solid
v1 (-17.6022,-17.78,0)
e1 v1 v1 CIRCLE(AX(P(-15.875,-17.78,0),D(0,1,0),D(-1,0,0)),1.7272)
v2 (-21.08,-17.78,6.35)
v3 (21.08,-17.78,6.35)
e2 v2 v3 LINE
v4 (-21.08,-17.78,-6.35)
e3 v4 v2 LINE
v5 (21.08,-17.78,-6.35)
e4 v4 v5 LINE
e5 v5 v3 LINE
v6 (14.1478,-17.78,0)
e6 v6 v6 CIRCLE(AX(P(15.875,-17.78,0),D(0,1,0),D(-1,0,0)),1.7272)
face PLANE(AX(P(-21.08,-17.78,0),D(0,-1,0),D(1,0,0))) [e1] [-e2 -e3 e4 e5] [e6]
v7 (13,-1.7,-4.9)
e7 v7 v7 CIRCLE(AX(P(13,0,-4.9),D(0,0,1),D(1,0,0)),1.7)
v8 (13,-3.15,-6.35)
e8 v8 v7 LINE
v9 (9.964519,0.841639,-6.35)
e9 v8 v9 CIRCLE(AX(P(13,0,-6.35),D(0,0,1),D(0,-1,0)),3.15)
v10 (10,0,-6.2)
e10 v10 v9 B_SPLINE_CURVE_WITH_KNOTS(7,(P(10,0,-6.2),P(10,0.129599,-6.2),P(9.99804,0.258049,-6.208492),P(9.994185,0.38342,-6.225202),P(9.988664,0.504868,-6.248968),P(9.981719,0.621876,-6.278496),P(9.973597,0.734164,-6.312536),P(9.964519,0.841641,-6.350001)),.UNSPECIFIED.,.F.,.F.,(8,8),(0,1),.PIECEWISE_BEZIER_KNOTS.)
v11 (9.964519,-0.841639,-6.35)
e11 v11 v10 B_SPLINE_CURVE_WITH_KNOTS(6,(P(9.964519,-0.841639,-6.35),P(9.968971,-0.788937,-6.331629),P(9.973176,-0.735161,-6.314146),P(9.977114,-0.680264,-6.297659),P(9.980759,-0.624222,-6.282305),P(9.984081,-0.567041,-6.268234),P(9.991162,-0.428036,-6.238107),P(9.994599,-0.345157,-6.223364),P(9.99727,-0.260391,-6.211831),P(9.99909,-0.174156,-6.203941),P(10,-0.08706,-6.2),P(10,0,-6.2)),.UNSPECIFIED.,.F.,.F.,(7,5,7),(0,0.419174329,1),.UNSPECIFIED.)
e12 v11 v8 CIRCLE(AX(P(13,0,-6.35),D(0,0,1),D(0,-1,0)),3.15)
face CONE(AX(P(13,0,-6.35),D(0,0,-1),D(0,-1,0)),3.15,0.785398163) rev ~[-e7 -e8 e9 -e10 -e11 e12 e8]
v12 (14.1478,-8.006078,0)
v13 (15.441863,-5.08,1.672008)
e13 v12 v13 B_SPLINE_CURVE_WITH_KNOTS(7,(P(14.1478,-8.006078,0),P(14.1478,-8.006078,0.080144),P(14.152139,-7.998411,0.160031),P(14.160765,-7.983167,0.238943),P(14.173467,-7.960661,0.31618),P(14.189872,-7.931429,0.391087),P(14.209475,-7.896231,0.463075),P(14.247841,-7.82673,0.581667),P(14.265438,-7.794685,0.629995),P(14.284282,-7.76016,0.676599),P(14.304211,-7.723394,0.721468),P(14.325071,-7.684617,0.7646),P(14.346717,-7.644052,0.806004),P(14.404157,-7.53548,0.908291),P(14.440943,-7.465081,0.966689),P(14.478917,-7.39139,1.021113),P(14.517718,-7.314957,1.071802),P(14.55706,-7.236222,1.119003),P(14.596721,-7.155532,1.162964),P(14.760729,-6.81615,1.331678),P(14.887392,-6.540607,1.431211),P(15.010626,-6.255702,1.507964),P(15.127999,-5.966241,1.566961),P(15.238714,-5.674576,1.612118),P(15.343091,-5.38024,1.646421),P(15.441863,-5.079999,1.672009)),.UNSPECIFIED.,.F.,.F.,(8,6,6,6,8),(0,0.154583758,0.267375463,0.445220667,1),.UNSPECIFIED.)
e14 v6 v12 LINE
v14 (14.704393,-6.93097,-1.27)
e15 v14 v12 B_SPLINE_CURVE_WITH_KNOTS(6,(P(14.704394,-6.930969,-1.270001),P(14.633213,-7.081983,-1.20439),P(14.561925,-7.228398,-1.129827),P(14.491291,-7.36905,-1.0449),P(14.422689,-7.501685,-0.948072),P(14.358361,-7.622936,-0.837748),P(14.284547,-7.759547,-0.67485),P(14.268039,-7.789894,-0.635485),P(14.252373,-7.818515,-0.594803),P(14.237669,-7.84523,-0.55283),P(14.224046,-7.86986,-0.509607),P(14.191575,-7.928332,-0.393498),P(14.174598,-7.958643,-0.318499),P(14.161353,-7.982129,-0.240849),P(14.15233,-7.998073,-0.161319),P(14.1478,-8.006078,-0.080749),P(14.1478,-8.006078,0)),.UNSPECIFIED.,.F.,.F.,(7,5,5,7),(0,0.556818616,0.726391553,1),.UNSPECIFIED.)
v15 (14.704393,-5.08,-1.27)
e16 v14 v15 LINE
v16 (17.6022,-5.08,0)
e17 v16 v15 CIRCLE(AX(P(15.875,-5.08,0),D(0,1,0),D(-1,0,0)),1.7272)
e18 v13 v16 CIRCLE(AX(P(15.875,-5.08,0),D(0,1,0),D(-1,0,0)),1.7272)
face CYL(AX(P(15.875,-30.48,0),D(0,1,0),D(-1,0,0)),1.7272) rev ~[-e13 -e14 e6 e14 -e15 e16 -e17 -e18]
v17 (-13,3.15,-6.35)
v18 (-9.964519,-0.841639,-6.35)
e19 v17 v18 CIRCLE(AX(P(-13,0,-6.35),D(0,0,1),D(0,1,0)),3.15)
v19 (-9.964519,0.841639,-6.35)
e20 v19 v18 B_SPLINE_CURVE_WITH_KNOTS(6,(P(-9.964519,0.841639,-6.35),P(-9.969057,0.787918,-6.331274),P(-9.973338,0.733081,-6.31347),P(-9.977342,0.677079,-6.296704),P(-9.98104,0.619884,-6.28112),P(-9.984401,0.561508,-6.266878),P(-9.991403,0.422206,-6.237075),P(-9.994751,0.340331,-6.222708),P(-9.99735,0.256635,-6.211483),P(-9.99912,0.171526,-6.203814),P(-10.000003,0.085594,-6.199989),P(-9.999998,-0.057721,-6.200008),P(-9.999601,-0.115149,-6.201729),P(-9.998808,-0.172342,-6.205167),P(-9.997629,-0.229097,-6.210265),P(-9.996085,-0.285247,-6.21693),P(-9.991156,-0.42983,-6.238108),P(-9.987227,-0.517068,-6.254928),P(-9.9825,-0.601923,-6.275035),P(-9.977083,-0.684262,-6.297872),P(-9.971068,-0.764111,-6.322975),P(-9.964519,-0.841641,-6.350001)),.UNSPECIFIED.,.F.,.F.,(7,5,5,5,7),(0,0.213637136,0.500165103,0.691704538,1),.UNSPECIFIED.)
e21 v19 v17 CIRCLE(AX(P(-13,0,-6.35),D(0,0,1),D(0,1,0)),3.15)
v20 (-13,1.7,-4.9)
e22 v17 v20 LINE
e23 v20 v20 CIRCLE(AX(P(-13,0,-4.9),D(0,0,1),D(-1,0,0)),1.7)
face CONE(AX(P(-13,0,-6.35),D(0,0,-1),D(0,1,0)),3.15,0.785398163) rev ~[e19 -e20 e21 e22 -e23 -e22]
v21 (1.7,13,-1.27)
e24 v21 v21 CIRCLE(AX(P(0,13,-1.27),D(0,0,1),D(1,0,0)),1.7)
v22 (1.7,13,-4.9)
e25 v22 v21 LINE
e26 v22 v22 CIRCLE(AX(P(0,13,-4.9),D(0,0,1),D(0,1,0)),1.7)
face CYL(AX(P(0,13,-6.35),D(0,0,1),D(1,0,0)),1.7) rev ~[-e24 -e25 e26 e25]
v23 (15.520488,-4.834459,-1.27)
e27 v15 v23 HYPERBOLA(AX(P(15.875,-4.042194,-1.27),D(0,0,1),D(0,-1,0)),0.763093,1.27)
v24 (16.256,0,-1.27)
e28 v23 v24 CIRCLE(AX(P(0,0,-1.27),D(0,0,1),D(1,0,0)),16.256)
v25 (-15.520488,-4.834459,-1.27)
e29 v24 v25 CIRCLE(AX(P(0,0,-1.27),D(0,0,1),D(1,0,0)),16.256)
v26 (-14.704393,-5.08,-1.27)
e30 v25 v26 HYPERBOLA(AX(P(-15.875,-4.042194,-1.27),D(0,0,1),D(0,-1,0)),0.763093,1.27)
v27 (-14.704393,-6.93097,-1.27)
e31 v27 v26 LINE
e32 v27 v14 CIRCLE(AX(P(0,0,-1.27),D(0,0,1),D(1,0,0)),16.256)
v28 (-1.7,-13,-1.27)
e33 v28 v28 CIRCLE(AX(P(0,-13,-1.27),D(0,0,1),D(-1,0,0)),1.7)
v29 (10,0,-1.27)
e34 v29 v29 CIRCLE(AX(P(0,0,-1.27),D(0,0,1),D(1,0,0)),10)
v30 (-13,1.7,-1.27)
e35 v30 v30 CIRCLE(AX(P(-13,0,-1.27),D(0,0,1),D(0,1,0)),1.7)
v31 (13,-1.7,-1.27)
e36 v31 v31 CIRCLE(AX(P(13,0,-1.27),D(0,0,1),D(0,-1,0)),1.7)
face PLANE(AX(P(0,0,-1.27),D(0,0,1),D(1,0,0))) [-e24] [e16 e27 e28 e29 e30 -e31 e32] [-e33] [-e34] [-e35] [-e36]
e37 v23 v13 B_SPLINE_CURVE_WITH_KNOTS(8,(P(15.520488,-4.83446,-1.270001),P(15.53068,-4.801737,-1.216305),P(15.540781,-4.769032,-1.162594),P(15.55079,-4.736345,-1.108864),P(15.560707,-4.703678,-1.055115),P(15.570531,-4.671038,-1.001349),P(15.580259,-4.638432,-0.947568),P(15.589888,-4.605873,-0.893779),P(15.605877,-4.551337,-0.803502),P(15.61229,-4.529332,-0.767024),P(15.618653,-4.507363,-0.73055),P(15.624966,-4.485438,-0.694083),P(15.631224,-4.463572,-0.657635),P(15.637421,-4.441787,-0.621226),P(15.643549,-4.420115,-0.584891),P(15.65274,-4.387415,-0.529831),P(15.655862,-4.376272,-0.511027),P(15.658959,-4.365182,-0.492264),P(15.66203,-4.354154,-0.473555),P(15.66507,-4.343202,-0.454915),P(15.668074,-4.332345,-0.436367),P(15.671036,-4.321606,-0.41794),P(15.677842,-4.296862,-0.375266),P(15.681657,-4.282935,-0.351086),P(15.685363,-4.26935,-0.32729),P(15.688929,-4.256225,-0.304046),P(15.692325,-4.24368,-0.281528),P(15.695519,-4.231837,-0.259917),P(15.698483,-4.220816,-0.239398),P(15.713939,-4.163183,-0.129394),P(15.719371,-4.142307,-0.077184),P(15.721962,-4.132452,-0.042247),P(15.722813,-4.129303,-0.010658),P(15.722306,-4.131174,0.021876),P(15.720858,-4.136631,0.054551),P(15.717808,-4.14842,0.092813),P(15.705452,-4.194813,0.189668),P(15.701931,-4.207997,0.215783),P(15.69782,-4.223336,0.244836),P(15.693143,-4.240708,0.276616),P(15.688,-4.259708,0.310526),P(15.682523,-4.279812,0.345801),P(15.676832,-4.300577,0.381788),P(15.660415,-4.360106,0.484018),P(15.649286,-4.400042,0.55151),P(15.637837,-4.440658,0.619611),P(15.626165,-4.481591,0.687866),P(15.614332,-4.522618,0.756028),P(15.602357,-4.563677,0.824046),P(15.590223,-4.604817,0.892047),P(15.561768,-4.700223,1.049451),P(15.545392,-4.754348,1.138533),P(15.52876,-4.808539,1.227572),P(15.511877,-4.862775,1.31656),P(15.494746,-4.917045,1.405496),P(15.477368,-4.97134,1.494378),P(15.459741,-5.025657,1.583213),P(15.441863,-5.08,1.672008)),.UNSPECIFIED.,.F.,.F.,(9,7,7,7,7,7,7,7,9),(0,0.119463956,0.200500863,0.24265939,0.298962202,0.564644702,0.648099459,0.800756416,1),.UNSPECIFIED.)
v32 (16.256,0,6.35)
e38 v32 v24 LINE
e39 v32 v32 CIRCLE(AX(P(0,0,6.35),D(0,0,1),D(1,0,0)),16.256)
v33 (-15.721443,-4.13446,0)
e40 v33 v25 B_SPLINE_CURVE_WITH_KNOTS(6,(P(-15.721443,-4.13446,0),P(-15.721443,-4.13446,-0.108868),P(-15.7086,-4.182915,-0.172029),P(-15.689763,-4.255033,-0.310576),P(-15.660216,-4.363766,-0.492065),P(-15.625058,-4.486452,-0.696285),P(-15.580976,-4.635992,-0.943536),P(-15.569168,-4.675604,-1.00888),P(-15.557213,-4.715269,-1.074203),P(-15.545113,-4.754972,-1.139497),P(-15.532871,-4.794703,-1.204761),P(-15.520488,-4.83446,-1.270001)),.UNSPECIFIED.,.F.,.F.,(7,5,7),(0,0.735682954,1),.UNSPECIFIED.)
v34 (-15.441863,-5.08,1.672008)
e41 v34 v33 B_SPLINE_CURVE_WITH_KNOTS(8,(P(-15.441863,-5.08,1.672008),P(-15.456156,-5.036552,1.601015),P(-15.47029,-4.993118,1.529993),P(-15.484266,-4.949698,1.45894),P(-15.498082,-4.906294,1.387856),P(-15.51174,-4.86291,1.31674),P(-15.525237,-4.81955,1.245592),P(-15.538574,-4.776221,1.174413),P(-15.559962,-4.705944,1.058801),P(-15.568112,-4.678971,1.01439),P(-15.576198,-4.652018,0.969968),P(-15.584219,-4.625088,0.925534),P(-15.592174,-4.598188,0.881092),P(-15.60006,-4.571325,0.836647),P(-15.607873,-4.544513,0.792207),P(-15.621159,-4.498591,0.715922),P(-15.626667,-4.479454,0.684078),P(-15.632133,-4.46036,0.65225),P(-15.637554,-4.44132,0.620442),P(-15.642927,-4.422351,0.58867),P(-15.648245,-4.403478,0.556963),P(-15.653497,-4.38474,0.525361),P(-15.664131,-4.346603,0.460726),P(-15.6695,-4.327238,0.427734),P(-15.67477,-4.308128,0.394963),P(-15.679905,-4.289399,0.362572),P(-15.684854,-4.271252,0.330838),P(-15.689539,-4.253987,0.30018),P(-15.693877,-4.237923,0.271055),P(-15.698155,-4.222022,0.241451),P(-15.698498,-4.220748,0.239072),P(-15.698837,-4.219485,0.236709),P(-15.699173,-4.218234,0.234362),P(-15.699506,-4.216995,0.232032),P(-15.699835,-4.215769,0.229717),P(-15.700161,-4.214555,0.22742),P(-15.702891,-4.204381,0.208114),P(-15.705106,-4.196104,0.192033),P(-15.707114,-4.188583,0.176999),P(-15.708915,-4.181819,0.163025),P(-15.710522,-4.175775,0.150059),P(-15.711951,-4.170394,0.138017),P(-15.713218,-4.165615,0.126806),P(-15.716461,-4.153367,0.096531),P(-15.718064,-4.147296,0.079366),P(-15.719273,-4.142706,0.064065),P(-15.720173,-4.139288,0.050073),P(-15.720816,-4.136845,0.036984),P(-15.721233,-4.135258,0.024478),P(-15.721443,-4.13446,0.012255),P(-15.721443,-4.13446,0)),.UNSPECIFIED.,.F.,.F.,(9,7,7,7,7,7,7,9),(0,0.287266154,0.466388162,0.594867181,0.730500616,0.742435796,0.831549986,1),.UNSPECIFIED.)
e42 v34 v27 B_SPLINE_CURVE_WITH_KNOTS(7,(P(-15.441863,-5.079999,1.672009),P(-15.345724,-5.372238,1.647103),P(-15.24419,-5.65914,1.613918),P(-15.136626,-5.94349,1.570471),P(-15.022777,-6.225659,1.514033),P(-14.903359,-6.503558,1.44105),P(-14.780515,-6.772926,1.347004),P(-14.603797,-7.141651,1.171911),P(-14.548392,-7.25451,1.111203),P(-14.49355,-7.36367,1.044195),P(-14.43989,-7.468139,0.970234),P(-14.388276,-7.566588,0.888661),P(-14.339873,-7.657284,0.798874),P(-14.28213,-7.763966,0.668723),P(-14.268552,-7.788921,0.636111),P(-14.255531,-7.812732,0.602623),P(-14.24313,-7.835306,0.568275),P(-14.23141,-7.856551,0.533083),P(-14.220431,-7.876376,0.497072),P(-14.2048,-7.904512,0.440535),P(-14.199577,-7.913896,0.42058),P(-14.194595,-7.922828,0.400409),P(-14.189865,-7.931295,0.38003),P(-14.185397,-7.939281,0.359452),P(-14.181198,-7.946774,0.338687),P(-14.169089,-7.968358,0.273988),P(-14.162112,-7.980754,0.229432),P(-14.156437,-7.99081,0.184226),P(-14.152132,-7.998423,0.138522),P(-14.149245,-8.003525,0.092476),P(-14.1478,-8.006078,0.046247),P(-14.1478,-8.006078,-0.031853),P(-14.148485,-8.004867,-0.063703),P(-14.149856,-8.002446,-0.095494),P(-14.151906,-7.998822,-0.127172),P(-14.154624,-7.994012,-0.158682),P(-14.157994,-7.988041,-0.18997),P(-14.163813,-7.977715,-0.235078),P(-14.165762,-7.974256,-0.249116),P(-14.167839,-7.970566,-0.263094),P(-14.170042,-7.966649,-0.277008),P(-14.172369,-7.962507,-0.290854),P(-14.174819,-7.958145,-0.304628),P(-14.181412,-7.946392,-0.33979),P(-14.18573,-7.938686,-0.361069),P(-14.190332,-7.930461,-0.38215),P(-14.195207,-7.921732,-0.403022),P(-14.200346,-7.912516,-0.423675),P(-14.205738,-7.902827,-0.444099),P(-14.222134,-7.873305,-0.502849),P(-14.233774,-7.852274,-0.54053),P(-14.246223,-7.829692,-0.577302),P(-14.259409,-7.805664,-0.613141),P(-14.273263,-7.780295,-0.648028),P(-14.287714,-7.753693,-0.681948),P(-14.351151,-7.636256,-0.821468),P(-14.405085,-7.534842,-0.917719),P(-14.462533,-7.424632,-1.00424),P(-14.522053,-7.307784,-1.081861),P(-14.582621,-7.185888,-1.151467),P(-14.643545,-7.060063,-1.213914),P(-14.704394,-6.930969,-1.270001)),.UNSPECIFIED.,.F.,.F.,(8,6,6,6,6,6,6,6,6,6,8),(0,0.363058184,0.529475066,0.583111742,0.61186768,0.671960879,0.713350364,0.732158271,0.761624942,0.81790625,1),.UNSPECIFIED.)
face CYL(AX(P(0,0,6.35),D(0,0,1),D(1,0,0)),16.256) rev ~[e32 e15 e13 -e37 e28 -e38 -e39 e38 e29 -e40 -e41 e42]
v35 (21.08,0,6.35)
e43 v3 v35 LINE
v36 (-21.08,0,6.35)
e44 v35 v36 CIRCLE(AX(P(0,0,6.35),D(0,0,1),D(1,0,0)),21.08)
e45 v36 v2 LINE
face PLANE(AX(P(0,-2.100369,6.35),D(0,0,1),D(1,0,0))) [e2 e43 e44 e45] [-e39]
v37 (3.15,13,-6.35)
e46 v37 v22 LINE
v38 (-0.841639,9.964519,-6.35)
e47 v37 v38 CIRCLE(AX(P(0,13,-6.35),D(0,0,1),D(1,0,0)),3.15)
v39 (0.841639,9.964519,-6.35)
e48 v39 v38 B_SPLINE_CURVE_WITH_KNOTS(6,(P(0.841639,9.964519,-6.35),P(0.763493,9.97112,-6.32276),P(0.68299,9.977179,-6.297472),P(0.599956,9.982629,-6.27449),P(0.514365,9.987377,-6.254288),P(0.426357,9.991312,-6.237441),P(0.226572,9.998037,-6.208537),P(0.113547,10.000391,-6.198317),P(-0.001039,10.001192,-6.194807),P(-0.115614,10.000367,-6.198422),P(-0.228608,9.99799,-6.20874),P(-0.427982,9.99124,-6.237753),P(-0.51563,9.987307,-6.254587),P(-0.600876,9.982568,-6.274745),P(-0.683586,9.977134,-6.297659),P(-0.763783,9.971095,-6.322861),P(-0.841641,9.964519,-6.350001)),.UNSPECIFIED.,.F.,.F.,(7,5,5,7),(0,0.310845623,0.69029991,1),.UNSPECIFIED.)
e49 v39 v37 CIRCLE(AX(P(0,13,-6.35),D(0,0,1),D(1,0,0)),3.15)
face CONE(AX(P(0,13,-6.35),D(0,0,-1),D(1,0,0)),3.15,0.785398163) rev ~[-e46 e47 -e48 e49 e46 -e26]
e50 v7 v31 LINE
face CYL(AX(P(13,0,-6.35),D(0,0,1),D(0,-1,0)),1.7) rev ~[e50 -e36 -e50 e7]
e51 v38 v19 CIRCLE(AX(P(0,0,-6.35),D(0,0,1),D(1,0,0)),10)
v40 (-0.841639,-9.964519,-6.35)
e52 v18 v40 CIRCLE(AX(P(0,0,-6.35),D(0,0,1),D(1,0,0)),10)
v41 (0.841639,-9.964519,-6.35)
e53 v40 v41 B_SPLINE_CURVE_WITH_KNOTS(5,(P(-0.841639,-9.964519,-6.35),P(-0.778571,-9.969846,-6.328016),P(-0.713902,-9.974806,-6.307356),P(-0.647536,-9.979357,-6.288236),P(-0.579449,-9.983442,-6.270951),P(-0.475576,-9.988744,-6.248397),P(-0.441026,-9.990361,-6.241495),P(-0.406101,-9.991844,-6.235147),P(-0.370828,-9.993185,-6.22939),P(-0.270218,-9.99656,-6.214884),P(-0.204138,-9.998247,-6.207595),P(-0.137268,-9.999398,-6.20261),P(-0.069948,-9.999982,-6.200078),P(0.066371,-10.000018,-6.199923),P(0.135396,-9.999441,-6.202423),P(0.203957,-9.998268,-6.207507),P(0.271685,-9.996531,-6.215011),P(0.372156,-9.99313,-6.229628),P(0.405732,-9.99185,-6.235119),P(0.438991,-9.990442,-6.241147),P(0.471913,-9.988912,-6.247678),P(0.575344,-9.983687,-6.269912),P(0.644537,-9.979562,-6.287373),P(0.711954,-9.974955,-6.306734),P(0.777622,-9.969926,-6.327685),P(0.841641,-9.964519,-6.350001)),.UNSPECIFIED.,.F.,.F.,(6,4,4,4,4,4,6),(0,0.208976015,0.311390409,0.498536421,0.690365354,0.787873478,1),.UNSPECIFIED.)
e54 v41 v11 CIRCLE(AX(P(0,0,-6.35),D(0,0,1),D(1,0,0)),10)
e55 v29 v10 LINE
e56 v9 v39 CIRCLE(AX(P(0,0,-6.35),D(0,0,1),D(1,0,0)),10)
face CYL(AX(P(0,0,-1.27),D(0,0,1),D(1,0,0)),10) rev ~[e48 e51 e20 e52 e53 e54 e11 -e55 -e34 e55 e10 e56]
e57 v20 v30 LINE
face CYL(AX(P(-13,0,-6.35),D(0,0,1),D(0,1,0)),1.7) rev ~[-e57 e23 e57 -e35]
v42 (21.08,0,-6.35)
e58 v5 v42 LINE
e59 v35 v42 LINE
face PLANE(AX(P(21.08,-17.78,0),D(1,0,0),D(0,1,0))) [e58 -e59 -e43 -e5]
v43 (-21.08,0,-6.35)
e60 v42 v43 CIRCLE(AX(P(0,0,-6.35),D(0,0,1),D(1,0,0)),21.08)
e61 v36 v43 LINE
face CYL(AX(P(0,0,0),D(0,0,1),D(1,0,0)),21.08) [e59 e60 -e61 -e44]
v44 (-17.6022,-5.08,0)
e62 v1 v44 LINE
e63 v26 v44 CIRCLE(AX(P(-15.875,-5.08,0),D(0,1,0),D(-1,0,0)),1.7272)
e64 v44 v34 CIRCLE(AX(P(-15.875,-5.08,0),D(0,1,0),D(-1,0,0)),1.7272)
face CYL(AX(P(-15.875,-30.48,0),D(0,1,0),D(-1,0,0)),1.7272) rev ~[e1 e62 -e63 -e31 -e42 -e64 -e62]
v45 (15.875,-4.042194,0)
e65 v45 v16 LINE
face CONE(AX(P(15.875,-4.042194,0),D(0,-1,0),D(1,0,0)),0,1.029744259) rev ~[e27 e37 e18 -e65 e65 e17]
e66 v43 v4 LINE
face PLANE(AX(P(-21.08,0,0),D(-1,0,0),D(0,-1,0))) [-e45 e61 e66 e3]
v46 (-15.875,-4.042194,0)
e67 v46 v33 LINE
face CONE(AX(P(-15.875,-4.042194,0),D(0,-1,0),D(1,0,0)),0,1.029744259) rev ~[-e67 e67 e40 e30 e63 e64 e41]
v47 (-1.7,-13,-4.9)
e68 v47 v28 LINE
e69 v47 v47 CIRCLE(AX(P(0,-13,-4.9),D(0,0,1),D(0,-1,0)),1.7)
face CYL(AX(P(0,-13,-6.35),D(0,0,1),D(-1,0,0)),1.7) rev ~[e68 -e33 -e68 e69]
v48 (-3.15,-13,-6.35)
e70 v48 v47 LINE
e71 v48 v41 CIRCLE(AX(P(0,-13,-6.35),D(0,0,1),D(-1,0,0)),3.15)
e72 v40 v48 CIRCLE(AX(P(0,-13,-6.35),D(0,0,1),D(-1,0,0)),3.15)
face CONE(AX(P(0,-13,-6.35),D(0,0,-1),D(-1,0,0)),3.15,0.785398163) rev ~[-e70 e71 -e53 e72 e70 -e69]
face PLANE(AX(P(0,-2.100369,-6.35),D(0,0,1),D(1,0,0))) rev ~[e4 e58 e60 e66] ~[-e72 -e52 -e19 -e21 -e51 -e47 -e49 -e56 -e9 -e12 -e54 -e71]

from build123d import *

# Parameters (mm, degrees)
BOSS_EXTRUDE1_DEPTH                             = 6.35
SKETCH2_R                                       = 16.256
CUT_EXTRUDE1_DEPTH                              = 7.62
SKETCH3_R                                       = 10
CUT_EXTRUDE2_DEPTH                              = 31.770069873
CSK_FOR_M3_FLAT_HEAD_MACHINE_SCREW1_D           = 3.4
CSK_FOR_M3_FLAT_HEAD_MACHINE_SCREW1_CSINK_D     = 6.3
CSK_FOR_M3_FLAT_HEAD_MACHINE_SCREW1_CSINK_ANGLE = 90
CIRPATTERN1_COUNT                               = 4
F_8_32_TAPPED_HOLE1_D                           = 3.4544
F_8_32_TAPPED_HOLE1_DEPTH                       = 12.7
F_8_32_TAPPED_HOLE1_TIP                         = 1.037806461


with BuildPart() as part:
    # Sketch1 → Boss-Extrude1 (new, symmetric)
    with BuildSketch(Plane.XY):
        with BuildLine():
            Line((-21.08, 0), (-21.08, -17.78))
            Line((-21.08, -17.78), (21.08, -17.78))
            Line((21.08, -17.78), (21.08, 0))
            ThreePointArc((21.08, 0), (0, 21.08), (-21.08, 0))
        make_face()
    extrude(amount=BOSS_EXTRUDE1_DEPTH, both=True)

    # Sketch2 → Cut-Extrude1 (cut)
    with BuildSketch(Plane.XY.offset(6.35)):
        Circle(SKETCH2_R)
    extrude(amount=-CUT_EXTRUDE1_DEPTH, mode=Mode.SUBTRACT)

    # Sketch3 → Cut-Extrude2 (cut, through all)
    with BuildSketch(Plane.XY.offset(-1.27)):
        Circle(SKETCH3_R)
    extrude(amount=-CUT_EXTRUDE2_DEPTH, mode=Mode.SUBTRACT)

    # CSK for M3 Flat Head Machine Screw1 (through all)
    with Locations(Plane(origin=(0, 0, -6.35), x_dir=(-1, 0, 0), z_dir=(0, 0, -1))):
        with Locations((0, 13)):
            csk_for_m3_flat_head_machine_screw1 = CounterSinkHole(CSK_FOR_M3_FLAT_HEAD_MACHINE_SCREW1_D / 2, CSK_FOR_M3_FLAT_HEAD_MACHINE_SCREW1_CSINK_D / 2, counter_sink_angle=CSK_FOR_M3_FLAT_HEAD_MACHINE_SCREW1_CSINK_ANGLE)

    # CirPattern1: CSK for M3 Flat Head Machine Screw1 ×4 about axis
    cirpattern1_axis = Axis((0, 0, 0), (0, 0, 1))
    for i in range(1, CIRPATTERN1_COUNT):
        add(csk_for_m3_flat_head_machine_screw1.rotate(cirpattern1_axis, i * 360 / CIRPATTERN1_COUNT), mode=Mode.SUBTRACT)

    # #8-32 Tapped Hole1
    with Locations(Plane.XZ.offset(17.78)):
        with Locations((15.875, 0), (-15.875, 0)):
            Hole(F_8_32_TAPPED_HOLE1_D / 2, depth=F_8_32_TAPPED_HOLE1_DEPTH)
            with Locations((0, 0, -(F_8_32_TAPPED_HOLE1_DEPTH + F_8_32_TAPPED_HOLE1_TIP / 2))):  # 118° drill point
                Cone(0, F_8_32_TAPPED_HOLE1_D / 2, F_8_32_TAPPED_HOLE1_TIP, mode=Mode.SUBTRACT)


solid = part.part
